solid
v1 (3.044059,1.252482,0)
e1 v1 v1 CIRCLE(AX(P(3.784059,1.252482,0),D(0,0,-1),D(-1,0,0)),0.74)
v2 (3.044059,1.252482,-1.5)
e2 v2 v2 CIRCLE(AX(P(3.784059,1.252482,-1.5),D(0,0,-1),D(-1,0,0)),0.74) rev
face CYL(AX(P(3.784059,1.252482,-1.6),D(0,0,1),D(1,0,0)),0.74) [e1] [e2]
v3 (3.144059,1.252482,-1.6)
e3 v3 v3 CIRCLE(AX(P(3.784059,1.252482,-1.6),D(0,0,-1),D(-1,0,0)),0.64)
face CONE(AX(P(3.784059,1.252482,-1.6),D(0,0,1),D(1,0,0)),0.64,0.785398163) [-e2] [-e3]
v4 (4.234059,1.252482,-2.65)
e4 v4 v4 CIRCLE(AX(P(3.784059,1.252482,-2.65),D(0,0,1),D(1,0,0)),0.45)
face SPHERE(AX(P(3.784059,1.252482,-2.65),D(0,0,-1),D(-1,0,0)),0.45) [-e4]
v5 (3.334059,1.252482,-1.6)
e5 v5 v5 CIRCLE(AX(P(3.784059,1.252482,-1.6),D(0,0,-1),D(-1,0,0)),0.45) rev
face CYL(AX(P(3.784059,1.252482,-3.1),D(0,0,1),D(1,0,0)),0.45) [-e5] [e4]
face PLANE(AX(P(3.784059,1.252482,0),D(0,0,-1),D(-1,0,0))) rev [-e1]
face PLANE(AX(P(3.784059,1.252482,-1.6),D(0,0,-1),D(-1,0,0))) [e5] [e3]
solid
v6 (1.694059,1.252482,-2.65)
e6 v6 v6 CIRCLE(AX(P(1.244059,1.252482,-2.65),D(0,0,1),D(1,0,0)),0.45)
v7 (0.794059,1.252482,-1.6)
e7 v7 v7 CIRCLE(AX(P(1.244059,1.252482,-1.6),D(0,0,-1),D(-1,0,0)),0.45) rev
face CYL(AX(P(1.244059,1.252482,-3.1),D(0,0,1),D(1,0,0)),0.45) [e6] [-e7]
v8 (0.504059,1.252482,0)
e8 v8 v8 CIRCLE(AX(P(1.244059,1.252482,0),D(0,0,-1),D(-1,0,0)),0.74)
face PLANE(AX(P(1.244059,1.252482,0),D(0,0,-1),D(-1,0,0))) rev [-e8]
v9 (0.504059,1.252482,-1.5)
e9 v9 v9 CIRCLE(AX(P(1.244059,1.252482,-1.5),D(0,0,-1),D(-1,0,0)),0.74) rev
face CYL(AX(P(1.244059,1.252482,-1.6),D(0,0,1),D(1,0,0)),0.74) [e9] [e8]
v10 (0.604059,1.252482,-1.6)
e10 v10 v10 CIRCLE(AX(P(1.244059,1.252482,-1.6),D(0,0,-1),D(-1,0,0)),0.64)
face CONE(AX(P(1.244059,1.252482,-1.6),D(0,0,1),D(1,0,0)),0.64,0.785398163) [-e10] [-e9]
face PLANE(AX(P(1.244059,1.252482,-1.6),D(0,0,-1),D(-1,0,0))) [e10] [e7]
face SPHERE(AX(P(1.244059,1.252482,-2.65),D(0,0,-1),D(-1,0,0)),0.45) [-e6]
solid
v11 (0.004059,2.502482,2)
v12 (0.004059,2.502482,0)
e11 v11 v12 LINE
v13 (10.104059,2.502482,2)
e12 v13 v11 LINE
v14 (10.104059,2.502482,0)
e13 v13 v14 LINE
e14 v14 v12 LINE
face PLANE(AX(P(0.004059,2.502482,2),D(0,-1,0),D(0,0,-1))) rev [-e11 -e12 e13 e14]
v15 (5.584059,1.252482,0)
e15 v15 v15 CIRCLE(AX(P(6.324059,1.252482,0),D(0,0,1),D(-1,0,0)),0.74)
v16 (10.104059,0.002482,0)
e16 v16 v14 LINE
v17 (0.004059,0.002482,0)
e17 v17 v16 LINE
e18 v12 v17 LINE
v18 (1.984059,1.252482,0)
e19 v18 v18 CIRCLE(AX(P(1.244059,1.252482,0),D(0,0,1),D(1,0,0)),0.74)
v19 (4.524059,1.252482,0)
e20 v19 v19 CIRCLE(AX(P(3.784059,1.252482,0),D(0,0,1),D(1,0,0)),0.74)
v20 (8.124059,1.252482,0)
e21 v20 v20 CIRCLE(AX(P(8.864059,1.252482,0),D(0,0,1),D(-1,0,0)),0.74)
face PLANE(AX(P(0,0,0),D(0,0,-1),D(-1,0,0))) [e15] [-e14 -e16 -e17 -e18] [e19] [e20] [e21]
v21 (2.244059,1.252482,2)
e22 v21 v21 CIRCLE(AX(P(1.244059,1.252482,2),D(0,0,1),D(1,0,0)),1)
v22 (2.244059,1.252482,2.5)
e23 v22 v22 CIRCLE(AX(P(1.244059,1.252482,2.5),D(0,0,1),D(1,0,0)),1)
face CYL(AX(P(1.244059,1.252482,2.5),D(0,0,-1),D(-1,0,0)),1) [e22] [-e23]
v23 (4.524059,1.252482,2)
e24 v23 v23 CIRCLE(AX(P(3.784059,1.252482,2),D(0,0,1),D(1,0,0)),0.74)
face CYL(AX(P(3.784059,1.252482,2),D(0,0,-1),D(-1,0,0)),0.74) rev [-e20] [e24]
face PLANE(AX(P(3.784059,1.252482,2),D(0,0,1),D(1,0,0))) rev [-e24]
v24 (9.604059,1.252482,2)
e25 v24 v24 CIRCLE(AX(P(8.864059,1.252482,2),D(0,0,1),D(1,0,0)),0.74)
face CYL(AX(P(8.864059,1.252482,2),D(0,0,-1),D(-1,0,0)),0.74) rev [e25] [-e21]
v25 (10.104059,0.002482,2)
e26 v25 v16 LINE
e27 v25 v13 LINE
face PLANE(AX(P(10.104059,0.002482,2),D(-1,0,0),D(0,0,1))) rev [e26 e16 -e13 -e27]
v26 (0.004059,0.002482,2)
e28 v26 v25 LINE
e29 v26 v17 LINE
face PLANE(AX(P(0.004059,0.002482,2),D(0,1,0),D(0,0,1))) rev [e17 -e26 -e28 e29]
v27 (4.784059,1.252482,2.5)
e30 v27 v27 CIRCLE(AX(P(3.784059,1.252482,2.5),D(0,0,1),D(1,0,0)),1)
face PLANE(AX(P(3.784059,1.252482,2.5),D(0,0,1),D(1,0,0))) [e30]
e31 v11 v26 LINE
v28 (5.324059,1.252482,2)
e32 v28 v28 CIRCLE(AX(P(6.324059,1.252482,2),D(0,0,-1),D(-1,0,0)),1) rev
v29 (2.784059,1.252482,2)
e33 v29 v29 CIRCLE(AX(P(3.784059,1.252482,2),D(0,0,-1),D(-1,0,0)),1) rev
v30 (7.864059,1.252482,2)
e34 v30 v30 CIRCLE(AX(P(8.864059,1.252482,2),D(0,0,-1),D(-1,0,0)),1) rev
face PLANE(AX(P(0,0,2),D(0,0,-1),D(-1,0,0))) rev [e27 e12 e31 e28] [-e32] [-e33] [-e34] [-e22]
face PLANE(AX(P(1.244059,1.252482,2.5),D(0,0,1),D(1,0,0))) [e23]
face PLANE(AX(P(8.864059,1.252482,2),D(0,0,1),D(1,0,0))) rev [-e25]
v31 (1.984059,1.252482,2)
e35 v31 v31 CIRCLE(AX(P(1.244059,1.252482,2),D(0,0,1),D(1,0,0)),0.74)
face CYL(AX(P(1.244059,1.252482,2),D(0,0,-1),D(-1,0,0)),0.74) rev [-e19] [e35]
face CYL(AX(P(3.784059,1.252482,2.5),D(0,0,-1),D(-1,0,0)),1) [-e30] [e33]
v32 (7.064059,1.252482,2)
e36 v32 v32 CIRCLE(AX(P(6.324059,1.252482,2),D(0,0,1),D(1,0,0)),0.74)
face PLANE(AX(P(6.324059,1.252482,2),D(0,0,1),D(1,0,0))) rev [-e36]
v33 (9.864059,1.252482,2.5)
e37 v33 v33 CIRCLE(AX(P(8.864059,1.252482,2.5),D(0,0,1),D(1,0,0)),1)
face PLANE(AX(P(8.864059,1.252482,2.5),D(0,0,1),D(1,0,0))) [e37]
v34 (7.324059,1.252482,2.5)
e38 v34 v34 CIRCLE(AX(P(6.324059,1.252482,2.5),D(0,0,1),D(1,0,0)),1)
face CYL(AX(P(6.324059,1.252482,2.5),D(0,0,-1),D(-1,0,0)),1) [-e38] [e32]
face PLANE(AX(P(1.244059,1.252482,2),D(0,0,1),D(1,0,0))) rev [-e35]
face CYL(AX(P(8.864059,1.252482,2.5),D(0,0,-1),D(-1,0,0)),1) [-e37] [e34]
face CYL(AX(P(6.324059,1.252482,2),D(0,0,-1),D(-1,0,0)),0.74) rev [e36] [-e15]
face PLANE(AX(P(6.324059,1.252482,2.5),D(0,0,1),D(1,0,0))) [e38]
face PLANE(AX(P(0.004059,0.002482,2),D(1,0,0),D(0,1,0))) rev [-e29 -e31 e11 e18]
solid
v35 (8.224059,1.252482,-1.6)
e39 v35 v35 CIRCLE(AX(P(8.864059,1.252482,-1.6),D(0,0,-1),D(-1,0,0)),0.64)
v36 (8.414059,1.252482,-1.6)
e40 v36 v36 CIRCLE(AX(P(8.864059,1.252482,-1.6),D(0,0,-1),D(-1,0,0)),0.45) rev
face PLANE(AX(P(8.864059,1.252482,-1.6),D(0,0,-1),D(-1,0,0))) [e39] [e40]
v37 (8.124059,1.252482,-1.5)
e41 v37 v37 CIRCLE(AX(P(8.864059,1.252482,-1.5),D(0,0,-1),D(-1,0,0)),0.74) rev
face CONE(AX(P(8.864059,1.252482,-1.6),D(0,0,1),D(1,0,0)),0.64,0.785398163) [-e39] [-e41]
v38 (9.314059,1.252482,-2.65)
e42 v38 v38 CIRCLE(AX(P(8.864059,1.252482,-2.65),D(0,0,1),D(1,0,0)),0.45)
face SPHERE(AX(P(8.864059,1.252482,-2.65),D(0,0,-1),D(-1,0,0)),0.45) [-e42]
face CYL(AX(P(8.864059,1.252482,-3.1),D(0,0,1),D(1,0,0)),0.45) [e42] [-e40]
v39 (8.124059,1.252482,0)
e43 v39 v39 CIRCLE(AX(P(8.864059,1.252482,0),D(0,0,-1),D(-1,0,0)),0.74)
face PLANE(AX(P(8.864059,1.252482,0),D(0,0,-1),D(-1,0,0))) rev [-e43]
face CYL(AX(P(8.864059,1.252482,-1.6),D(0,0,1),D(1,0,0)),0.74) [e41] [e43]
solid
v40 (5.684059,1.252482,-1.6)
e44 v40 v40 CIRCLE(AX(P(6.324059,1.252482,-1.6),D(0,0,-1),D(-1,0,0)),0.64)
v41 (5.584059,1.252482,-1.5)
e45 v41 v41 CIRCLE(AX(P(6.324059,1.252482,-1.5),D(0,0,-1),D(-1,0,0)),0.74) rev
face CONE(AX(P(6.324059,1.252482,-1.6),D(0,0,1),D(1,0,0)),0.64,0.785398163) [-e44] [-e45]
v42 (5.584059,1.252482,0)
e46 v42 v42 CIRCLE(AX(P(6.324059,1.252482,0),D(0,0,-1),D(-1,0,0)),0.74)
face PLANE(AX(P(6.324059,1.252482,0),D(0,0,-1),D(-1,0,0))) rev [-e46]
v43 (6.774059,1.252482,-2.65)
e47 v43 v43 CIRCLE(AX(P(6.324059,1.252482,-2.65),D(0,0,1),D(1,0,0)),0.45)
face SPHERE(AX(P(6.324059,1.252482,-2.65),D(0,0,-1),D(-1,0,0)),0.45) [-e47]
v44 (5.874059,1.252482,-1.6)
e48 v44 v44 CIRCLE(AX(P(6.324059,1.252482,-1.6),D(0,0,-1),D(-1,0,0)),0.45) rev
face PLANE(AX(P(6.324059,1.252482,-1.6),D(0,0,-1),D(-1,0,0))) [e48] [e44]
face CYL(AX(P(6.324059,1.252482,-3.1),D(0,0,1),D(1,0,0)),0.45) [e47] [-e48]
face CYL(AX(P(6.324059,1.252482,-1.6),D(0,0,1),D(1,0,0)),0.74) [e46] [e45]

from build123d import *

# Parameters (mm, degrees)
SKETCH_1_W        = 10.1
SKETCH_1_H        = 2.5
SKETCH_1_R        = 0.74
EXTRUDE_1_DEPTH   = 2
SKETCH_2_R        = 1
EXTRUDE_2_DEPTH   = 0.5
SKETCH_3_R        = 0.74
EXTRUDE_3_DEPTH   = 1.6
EXTRUDE_3_2_DEPTH = 1.6
EXTRUDE_3_3_DEPTH = 1.6
EXTRUDE_3_4_DEPTH = 1.6
SKETCH_4_R        = 0.45
EXTRUDE_4_DEPTH   = 3.1
FILLET_1_R        = 0.45
FILLET_2_R        = 0.45
FILLET_3_R        = 0.45
FILLET_4_R        = 0.45
CHAMFER_1_SIZE    = 0.1
CHAMFER_2_SIZE    = 0.1
CHAMFER_3_SIZE    = 0.1
CHAMFER_4_SIZE    = 0.1


with BuildPart() as part:
    # 草图1 → 凸台-拉伸1 (new body)
    with BuildSketch(Plane.XY):
        with Locations((5.05405893, 1.252481567)):
            Rectangle(SKETCH_1_W, SKETCH_1_H)
        with Locations((3.78405893, 1.252481567)):
            Circle(SKETCH_1_R, mode=Mode.SUBTRACT)
        with Locations((1.24405893, 1.252481567)):
            Circle(SKETCH_1_R, mode=Mode.SUBTRACT)
        with Locations(Location((8.86405893, 1.252481567, 0), (0, 0, 180))):
            Circle(SKETCH_1_R, mode=Mode.SUBTRACT)
        with Locations(Location((6.32405893, 1.252481567, 0), (0, 0, 180))):
            Circle(SKETCH_1_R, mode=Mode.SUBTRACT)
    extrude(amount=EXTRUDE_1_DEPTH)

    # 草图2 → 凸台-拉伸2 (add)
    with BuildSketch(Plane.XY.offset(2)):
        with Locations((1.24405893, 1.252481567)):
            Circle(SKETCH_2_R)
        with Locations(Location((3.78405893, 1.252481567, 0), (0, 0, 180))):
            Circle(SKETCH_2_R)
        with Locations(Location((6.32405893, 1.252481567, 0), (0, 0, 180))):
            Circle(SKETCH_2_R)
        with Locations(Location((8.86405893, 1.252481567, 0), (0, 0, 180))):
            Circle(SKETCH_2_R)
    extrude(amount=EXTRUDE_2_DEPTH)


with BuildPart() as body_2:
    # 草图3 → 凸台-拉伸3 (new body)
    with BuildSketch(Plane(origin=(0, 0, 0), x_dir=(-1, 0, 0), z_dir=(0, 0, -1))):
        with Locations((-1.24405893, 1.252481567)):
            Circle(SKETCH_3_R)
    extrude(amount=EXTRUDE_3_DEPTH)



with BuildPart() as body_3:
    # 草图3 → Extrude 3 2 (new body)
    with BuildSketch(Plane(origin=(0, 0, 0), x_dir=(-1, 0, 0), z_dir=(0, 0, -1))):
        with Locations((-3.78405893, 1.252481567)):
            Circle(SKETCH_3_R)
    extrude(amount=EXTRUDE_3_2_DEPTH)


with BuildPart() as body_4:
    # 草图3 → Extrude 3 3 (new body)
    with BuildSketch(Plane(origin=(0, 0, 0), x_dir=(-1, 0, 0), z_dir=(0, 0, -1))):
        with Locations((-6.32405893, 1.252481567)):
            Circle(SKETCH_3_R)
    extrude(amount=EXTRUDE_3_3_DEPTH)


with BuildPart() as body_5:
    # 草图3 → Extrude 3 4 (new body)
    with BuildSketch(Plane(origin=(0, 0, 0), x_dir=(-1, 0, 0), z_dir=(0, 0, -1))):
        with Locations((-8.86405893, 1.252481567)):
            Circle(SKETCH_3_R)
    extrude(amount=EXTRUDE_3_4_DEPTH)


with BuildPart() as body_2_1:
    add(body_2.part)

    add(body_3.part)  # 凸台-拉伸4 merges body 3

    add(body_4.part)  # 凸台-拉伸4 merges body 4

    add(body_5.part)  # 凸台-拉伸4 merges body 5
    # 草图4 → 凸台-拉伸4 (add)
    with BuildSketch(Plane(origin=(0, 0, 0), x_dir=(-1, 0, 0), z_dir=(0, 0, -1))):
        with Locations((-8.86405893, 1.252481567)):
            Circle(SKETCH_4_R)
        with Locations((-6.32405893, 1.252481567)):
            Circle(SKETCH_4_R)
        with Locations((-3.78405893, 1.252481567)):
            Circle(SKETCH_4_R)
        with Locations((-1.24405893, 1.252481567)):
            Circle(SKETCH_4_R)
    extrude(amount=EXTRUDE_4_DEPTH)

    # 圆角1
    fillet_1_edges = [body_2_1.edges().sort_by_distance(p)[0] for p in [
        (9.31405893, 1.252481567, -3.1),
    ]]
    fillet(fillet_1_edges, radius=FILLET_1_R)

    # 圆角2
    fillet_2_edges = [body_2_1.edges().sort_by_distance(p)[0] for p in [
        (6.77405893, 1.252481567, -3.1),
    ]]
    fillet(fillet_2_edges, radius=FILLET_2_R)

    # 圆角3
    fillet_3_edges = [body_2_1.edges().sort_by_distance(p)[0] for p in [
        (4.23405893, 1.252481567, -3.1),
    ]]
    fillet(fillet_3_edges, radius=FILLET_3_R)

    # 圆角4
    fillet_4_edges = [body_2_1.edges().sort_by_distance(p)[0] for p in [
        (1.69405893, 1.252481567, -3.1),
    ]]
    fillet(fillet_4_edges, radius=FILLET_4_R)

    # 倒角1
    chamfer_1_edges = [body_2_1.edges().sort_by_distance(p)[0] for p in [
        (9.60405893, 1.252481567, -1.6),
    ]]
    chamfer(chamfer_1_edges, length=CHAMFER_1_SIZE)

    # 倒角2
    chamfer_2_edges = [body_2_1.edges().sort_by_distance(p)[0] for p in [
        (7.06405893, 1.252481567, -1.6),
    ]]
    chamfer(chamfer_2_edges, length=CHAMFER_2_SIZE)

    # 倒角3
    chamfer_3_edges = [body_2_1.edges().sort_by_distance(p)[0] for p in [
        (4.52405893, 1.252481567, -1.6),
    ]]
    chamfer(chamfer_3_edges, length=CHAMFER_3_SIZE)

    # 倒角4
    chamfer_4_edges = [body_2_1.edges().sort_by_distance(p)[0] for p in [
        (1.98405893, 1.252481567, -1.6),
    ]]
    chamfer(chamfer_4_edges, length=CHAMFER_4_SIZE)


solid = Compound([part.part, body_2_1.part])
